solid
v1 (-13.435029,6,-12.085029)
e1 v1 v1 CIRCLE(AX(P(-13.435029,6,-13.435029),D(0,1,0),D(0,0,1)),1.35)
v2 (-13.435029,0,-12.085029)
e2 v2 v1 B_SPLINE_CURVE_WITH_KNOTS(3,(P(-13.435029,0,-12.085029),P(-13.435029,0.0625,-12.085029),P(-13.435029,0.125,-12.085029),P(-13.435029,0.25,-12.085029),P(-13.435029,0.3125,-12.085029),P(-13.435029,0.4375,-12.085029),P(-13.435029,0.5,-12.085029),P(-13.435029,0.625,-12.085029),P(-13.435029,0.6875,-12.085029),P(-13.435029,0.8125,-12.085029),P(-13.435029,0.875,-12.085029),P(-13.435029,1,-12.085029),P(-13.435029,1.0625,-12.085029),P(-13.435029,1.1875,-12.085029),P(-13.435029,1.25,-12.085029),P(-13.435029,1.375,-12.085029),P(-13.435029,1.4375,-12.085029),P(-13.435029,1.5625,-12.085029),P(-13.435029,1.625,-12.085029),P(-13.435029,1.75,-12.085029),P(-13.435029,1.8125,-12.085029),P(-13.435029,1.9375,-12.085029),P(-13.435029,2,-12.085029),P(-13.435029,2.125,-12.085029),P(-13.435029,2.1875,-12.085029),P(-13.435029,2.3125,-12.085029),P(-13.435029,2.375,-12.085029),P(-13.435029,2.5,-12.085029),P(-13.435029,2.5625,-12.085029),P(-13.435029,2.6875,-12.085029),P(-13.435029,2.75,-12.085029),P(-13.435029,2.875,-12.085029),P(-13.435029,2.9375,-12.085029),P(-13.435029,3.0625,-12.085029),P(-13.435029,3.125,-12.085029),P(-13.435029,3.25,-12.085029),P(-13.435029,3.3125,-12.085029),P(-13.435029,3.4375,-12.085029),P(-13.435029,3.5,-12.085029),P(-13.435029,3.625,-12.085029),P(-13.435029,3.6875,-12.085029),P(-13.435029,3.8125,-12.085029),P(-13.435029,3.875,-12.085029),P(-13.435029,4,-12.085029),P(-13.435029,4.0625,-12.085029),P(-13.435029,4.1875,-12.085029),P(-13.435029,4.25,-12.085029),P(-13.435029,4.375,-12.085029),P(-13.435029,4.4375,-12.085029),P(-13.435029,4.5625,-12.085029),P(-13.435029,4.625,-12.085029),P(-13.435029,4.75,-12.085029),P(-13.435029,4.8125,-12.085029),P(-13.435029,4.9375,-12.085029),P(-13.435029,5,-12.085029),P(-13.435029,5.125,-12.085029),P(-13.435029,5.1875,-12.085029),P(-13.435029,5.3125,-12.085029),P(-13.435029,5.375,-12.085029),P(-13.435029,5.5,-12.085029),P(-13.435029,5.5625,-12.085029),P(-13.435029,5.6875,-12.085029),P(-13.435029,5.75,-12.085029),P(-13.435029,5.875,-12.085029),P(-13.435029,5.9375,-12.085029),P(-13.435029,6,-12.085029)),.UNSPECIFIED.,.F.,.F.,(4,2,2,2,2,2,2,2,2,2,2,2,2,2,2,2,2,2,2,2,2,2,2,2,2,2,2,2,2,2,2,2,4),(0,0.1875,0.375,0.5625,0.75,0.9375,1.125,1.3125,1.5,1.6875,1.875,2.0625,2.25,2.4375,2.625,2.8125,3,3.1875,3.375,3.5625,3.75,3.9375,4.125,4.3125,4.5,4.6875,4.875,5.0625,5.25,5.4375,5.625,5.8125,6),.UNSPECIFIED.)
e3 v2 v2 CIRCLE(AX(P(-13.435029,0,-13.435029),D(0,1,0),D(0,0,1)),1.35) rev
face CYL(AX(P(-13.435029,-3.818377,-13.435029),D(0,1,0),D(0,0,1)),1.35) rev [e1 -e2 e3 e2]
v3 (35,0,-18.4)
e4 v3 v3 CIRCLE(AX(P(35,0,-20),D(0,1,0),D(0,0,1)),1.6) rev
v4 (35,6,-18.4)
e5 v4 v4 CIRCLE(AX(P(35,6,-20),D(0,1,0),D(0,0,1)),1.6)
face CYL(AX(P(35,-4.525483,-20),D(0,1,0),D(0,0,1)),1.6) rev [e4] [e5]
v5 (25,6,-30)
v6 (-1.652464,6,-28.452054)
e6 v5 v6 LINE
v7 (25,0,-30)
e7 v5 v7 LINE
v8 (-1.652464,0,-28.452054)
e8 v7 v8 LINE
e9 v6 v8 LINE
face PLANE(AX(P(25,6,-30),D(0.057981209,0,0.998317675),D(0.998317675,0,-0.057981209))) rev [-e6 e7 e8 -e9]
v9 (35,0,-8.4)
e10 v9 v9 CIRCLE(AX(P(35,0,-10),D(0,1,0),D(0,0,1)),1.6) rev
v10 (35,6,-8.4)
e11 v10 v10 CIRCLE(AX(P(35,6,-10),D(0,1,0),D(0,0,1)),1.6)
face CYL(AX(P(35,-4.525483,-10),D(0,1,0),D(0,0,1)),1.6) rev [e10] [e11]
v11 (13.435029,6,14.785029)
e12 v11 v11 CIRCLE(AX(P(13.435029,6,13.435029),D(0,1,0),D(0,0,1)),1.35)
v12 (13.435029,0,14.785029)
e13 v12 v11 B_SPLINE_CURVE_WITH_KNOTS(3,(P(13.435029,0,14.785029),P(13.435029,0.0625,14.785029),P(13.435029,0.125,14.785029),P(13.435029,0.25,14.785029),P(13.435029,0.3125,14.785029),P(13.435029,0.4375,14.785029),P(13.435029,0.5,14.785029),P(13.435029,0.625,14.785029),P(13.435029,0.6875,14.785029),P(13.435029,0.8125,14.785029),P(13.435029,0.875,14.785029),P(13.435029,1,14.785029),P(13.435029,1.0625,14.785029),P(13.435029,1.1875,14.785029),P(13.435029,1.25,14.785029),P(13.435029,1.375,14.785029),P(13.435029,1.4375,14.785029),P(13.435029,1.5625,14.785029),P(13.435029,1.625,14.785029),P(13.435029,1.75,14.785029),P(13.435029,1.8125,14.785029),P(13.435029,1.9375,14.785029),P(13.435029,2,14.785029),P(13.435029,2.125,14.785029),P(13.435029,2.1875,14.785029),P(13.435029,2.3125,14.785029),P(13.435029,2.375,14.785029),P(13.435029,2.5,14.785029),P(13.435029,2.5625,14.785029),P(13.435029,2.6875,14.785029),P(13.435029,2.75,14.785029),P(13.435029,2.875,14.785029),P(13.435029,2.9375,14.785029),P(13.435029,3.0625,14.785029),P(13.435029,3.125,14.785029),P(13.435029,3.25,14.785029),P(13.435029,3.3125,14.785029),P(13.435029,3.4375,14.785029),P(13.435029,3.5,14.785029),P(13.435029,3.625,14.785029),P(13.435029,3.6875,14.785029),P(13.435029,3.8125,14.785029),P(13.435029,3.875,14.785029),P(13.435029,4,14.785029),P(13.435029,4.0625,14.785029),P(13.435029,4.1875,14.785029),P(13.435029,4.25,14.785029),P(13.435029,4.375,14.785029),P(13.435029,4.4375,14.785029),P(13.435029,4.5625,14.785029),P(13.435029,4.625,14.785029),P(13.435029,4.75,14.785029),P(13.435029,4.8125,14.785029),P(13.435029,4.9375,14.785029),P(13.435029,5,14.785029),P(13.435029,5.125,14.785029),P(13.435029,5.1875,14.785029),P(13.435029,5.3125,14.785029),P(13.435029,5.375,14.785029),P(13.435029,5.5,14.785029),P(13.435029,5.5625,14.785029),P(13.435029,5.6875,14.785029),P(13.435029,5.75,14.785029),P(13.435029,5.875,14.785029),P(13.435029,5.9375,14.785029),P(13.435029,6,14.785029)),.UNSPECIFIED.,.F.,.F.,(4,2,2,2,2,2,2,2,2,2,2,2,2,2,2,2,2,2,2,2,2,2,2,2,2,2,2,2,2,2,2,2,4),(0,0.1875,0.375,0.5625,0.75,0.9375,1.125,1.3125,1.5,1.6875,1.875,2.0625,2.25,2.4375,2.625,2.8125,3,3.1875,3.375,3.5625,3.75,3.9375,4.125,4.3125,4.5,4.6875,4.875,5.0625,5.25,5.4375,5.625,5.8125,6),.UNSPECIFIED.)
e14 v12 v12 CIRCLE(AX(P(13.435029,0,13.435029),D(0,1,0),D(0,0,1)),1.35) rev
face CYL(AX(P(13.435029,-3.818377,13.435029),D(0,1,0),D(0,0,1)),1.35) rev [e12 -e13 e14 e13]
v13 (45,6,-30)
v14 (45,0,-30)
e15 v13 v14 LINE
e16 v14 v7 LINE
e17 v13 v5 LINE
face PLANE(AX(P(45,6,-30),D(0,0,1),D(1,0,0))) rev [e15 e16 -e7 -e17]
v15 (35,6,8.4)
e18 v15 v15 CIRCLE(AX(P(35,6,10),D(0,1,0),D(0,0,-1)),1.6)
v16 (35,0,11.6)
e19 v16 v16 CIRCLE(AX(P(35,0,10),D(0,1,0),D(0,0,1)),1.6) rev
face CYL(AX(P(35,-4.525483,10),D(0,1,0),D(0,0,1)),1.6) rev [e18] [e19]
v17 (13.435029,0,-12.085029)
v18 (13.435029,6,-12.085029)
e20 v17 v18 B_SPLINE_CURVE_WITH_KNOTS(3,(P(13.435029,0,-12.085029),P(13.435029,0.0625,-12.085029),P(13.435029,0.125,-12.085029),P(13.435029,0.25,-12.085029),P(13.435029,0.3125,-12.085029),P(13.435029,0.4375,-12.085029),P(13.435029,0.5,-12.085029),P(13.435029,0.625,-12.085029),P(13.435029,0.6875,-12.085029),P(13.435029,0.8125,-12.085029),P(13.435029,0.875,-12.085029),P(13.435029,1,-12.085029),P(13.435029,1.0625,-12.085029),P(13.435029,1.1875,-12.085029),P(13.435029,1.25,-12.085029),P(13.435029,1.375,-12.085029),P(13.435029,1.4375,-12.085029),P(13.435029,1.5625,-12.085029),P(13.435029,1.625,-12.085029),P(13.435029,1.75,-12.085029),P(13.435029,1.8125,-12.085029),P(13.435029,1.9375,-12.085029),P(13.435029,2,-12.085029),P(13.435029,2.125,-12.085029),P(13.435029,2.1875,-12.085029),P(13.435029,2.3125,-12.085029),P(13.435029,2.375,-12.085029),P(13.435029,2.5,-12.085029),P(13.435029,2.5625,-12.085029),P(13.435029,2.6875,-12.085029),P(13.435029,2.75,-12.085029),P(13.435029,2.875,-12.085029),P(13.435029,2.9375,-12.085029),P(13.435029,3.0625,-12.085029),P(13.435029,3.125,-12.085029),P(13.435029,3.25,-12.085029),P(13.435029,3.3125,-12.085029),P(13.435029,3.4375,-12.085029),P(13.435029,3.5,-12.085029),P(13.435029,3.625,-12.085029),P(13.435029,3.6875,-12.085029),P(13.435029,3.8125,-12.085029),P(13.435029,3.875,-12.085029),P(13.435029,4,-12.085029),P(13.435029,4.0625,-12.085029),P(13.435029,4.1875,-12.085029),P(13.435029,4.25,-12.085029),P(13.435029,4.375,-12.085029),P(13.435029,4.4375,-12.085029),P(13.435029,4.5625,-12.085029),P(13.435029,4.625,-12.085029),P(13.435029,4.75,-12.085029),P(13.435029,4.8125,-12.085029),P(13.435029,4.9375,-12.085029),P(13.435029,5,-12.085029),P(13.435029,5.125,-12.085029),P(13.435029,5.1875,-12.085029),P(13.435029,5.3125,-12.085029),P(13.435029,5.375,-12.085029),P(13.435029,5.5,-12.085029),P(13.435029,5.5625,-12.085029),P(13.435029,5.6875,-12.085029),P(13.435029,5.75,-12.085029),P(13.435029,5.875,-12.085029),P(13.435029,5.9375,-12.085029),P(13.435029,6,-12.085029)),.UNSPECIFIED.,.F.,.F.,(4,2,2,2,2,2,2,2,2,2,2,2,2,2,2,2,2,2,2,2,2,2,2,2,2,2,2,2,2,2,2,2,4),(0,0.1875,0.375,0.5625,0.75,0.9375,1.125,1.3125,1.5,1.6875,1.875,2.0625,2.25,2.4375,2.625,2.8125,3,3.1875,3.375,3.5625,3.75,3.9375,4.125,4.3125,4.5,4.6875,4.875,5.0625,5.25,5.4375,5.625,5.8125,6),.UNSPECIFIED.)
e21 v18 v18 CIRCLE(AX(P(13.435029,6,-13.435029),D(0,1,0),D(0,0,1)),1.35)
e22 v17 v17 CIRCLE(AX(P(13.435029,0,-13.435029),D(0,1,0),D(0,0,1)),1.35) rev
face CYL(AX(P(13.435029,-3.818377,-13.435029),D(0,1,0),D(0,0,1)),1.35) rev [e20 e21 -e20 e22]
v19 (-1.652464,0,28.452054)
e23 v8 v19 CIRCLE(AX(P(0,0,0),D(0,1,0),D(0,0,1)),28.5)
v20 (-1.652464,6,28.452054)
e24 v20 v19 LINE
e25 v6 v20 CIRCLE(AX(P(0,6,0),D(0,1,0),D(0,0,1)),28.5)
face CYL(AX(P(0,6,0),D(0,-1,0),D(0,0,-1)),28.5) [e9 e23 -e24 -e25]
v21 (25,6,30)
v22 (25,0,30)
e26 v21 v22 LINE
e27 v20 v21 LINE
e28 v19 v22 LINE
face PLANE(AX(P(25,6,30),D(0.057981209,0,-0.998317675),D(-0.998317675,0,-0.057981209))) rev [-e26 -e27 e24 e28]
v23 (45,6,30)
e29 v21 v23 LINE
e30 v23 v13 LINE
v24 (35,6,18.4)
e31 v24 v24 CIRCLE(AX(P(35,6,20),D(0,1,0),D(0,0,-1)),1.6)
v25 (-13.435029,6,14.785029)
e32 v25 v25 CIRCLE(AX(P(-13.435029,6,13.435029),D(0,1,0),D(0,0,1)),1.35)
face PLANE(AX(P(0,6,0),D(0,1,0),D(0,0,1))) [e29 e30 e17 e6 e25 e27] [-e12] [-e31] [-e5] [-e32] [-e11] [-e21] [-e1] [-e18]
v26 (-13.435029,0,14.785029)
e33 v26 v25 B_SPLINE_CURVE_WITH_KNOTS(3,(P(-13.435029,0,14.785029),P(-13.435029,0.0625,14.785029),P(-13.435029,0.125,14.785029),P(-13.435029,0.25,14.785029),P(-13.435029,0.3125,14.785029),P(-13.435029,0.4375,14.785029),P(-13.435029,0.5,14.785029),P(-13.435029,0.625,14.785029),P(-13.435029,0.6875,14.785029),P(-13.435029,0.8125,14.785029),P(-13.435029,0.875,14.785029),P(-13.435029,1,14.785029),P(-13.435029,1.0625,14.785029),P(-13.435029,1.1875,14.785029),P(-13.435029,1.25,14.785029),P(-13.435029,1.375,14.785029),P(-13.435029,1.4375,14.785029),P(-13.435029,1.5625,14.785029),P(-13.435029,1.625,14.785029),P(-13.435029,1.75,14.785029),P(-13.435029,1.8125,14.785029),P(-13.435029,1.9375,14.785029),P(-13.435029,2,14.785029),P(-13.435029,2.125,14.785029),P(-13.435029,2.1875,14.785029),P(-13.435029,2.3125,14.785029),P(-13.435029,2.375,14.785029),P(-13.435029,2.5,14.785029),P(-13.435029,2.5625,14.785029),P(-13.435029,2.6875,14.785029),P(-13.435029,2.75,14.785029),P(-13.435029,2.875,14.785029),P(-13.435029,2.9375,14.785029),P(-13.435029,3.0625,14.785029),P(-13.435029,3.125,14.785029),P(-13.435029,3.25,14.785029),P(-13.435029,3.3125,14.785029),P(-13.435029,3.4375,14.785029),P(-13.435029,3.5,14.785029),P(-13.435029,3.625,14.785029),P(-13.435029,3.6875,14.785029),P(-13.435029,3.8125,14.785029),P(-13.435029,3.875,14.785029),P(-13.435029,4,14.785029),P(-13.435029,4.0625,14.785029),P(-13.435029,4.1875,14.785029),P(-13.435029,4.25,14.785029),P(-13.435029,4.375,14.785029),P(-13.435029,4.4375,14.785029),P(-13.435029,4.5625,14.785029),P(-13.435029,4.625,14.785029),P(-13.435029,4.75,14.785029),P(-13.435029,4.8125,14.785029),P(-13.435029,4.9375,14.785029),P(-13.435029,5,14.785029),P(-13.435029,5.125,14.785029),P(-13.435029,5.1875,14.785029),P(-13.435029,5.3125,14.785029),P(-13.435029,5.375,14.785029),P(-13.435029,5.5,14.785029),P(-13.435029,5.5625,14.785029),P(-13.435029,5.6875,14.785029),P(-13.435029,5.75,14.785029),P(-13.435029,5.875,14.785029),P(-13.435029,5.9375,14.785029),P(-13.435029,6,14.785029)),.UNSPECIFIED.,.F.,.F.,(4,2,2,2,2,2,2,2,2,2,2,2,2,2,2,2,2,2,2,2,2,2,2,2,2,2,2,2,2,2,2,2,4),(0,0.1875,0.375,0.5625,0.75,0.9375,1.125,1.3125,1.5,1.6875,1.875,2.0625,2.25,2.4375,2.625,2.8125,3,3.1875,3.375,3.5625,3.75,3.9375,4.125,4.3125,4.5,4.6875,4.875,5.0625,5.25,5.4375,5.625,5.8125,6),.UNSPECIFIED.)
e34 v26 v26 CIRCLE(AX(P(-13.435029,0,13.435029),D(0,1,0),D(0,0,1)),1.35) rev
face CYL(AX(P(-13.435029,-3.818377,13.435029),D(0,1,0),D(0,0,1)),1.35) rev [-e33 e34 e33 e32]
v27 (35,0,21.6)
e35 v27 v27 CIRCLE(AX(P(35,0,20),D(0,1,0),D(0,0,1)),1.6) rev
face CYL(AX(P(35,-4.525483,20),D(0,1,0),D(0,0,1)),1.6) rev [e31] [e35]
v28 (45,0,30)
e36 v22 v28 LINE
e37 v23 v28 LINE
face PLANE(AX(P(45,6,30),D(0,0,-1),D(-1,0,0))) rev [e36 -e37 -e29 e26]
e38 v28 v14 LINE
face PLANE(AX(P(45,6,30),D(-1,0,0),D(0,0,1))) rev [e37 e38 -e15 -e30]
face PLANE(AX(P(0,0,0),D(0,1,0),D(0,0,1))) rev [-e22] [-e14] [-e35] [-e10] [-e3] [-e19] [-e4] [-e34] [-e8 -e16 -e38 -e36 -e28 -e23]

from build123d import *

# Parameters (mm, degrees)
EXTRUDE_1_DEPTH     = 6
SKETCH_2_R          = 1.35
CUT_EXTRUDE_1_DEPTH = 6
SKETCH_4_R          = 1.6
CUT_EXTRUDE_2_DEPTH = 6


with BuildPart() as part:
    # 草图1 → 凸台-拉伸1 (new body)
    with BuildSketch(Plane(origin=(0, 0, 0), x_dir=(1, 0, 0), z_dir=(0, 1, 0))):
        with BuildLine():
            Line((45, -30), (45, 30))
            Line((45, 30), (25, 30))
            Line((25, 30), (-1.65246447, 28.452053725))
            ThreePointArc((-1.65246447, 28.452053725), (-28.5, 0), (-1.65246447, -28.452053725))
            Line((-1.65246447, -28.452053725), (25, -30))
            Line((25, -30), (45, -30))
        make_face()
    extrude(amount=EXTRUDE_1_DEPTH)

    # 草图2 → 切除-拉伸1 (cut)
    with BuildSketch(Plane(origin=(0, 6, 0), x_dir=(1, 0, 0), z_dir=(0, 1, 0))):
        with Locations(Location((-13.435028843, 13.435028843, 0), (0, 0, 270))):
            Circle(SKETCH_2_R)
        with Locations(Location((13.435028843, 13.435028843, 0), (0, 0, 270))):
            Circle(SKETCH_2_R)
        with Locations(Location((13.435028843, -13.435028843, 0), (0, 0, 270))):
            Circle(SKETCH_2_R)
        with Locations(Location((-13.435028843, -13.435028843, 0), (0, 0, 270))):
            Circle(SKETCH_2_R)
    extrude(amount=-CUT_EXTRUDE_1_DEPTH, mode=Mode.SUBTRACT)

    # 草图4 → 切除-拉伸2 (cut)
    with BuildSketch(Plane(origin=(0, 6, 0), x_dir=(1, 0, 0), z_dir=(0, 1, 0))):
        with Locations(Location((35, 20, 0), (0, 0, 270))):
            Circle(SKETCH_4_R)
        with Locations(Location((35, 10, 0), (0, 0, 270))):
            Circle(SKETCH_4_R)
        with Locations(Location((35, -20, 0), (0, 0, 270))):
            Circle(SKETCH_4_R)
        with Locations(Location((35, -10, 0), (0, 0, 270))):
            Circle(SKETCH_4_R)
    extrude(amount=-CUT_EXTRUDE_2_DEPTH, mode=Mode.SUBTRACT)


solid = part.part
